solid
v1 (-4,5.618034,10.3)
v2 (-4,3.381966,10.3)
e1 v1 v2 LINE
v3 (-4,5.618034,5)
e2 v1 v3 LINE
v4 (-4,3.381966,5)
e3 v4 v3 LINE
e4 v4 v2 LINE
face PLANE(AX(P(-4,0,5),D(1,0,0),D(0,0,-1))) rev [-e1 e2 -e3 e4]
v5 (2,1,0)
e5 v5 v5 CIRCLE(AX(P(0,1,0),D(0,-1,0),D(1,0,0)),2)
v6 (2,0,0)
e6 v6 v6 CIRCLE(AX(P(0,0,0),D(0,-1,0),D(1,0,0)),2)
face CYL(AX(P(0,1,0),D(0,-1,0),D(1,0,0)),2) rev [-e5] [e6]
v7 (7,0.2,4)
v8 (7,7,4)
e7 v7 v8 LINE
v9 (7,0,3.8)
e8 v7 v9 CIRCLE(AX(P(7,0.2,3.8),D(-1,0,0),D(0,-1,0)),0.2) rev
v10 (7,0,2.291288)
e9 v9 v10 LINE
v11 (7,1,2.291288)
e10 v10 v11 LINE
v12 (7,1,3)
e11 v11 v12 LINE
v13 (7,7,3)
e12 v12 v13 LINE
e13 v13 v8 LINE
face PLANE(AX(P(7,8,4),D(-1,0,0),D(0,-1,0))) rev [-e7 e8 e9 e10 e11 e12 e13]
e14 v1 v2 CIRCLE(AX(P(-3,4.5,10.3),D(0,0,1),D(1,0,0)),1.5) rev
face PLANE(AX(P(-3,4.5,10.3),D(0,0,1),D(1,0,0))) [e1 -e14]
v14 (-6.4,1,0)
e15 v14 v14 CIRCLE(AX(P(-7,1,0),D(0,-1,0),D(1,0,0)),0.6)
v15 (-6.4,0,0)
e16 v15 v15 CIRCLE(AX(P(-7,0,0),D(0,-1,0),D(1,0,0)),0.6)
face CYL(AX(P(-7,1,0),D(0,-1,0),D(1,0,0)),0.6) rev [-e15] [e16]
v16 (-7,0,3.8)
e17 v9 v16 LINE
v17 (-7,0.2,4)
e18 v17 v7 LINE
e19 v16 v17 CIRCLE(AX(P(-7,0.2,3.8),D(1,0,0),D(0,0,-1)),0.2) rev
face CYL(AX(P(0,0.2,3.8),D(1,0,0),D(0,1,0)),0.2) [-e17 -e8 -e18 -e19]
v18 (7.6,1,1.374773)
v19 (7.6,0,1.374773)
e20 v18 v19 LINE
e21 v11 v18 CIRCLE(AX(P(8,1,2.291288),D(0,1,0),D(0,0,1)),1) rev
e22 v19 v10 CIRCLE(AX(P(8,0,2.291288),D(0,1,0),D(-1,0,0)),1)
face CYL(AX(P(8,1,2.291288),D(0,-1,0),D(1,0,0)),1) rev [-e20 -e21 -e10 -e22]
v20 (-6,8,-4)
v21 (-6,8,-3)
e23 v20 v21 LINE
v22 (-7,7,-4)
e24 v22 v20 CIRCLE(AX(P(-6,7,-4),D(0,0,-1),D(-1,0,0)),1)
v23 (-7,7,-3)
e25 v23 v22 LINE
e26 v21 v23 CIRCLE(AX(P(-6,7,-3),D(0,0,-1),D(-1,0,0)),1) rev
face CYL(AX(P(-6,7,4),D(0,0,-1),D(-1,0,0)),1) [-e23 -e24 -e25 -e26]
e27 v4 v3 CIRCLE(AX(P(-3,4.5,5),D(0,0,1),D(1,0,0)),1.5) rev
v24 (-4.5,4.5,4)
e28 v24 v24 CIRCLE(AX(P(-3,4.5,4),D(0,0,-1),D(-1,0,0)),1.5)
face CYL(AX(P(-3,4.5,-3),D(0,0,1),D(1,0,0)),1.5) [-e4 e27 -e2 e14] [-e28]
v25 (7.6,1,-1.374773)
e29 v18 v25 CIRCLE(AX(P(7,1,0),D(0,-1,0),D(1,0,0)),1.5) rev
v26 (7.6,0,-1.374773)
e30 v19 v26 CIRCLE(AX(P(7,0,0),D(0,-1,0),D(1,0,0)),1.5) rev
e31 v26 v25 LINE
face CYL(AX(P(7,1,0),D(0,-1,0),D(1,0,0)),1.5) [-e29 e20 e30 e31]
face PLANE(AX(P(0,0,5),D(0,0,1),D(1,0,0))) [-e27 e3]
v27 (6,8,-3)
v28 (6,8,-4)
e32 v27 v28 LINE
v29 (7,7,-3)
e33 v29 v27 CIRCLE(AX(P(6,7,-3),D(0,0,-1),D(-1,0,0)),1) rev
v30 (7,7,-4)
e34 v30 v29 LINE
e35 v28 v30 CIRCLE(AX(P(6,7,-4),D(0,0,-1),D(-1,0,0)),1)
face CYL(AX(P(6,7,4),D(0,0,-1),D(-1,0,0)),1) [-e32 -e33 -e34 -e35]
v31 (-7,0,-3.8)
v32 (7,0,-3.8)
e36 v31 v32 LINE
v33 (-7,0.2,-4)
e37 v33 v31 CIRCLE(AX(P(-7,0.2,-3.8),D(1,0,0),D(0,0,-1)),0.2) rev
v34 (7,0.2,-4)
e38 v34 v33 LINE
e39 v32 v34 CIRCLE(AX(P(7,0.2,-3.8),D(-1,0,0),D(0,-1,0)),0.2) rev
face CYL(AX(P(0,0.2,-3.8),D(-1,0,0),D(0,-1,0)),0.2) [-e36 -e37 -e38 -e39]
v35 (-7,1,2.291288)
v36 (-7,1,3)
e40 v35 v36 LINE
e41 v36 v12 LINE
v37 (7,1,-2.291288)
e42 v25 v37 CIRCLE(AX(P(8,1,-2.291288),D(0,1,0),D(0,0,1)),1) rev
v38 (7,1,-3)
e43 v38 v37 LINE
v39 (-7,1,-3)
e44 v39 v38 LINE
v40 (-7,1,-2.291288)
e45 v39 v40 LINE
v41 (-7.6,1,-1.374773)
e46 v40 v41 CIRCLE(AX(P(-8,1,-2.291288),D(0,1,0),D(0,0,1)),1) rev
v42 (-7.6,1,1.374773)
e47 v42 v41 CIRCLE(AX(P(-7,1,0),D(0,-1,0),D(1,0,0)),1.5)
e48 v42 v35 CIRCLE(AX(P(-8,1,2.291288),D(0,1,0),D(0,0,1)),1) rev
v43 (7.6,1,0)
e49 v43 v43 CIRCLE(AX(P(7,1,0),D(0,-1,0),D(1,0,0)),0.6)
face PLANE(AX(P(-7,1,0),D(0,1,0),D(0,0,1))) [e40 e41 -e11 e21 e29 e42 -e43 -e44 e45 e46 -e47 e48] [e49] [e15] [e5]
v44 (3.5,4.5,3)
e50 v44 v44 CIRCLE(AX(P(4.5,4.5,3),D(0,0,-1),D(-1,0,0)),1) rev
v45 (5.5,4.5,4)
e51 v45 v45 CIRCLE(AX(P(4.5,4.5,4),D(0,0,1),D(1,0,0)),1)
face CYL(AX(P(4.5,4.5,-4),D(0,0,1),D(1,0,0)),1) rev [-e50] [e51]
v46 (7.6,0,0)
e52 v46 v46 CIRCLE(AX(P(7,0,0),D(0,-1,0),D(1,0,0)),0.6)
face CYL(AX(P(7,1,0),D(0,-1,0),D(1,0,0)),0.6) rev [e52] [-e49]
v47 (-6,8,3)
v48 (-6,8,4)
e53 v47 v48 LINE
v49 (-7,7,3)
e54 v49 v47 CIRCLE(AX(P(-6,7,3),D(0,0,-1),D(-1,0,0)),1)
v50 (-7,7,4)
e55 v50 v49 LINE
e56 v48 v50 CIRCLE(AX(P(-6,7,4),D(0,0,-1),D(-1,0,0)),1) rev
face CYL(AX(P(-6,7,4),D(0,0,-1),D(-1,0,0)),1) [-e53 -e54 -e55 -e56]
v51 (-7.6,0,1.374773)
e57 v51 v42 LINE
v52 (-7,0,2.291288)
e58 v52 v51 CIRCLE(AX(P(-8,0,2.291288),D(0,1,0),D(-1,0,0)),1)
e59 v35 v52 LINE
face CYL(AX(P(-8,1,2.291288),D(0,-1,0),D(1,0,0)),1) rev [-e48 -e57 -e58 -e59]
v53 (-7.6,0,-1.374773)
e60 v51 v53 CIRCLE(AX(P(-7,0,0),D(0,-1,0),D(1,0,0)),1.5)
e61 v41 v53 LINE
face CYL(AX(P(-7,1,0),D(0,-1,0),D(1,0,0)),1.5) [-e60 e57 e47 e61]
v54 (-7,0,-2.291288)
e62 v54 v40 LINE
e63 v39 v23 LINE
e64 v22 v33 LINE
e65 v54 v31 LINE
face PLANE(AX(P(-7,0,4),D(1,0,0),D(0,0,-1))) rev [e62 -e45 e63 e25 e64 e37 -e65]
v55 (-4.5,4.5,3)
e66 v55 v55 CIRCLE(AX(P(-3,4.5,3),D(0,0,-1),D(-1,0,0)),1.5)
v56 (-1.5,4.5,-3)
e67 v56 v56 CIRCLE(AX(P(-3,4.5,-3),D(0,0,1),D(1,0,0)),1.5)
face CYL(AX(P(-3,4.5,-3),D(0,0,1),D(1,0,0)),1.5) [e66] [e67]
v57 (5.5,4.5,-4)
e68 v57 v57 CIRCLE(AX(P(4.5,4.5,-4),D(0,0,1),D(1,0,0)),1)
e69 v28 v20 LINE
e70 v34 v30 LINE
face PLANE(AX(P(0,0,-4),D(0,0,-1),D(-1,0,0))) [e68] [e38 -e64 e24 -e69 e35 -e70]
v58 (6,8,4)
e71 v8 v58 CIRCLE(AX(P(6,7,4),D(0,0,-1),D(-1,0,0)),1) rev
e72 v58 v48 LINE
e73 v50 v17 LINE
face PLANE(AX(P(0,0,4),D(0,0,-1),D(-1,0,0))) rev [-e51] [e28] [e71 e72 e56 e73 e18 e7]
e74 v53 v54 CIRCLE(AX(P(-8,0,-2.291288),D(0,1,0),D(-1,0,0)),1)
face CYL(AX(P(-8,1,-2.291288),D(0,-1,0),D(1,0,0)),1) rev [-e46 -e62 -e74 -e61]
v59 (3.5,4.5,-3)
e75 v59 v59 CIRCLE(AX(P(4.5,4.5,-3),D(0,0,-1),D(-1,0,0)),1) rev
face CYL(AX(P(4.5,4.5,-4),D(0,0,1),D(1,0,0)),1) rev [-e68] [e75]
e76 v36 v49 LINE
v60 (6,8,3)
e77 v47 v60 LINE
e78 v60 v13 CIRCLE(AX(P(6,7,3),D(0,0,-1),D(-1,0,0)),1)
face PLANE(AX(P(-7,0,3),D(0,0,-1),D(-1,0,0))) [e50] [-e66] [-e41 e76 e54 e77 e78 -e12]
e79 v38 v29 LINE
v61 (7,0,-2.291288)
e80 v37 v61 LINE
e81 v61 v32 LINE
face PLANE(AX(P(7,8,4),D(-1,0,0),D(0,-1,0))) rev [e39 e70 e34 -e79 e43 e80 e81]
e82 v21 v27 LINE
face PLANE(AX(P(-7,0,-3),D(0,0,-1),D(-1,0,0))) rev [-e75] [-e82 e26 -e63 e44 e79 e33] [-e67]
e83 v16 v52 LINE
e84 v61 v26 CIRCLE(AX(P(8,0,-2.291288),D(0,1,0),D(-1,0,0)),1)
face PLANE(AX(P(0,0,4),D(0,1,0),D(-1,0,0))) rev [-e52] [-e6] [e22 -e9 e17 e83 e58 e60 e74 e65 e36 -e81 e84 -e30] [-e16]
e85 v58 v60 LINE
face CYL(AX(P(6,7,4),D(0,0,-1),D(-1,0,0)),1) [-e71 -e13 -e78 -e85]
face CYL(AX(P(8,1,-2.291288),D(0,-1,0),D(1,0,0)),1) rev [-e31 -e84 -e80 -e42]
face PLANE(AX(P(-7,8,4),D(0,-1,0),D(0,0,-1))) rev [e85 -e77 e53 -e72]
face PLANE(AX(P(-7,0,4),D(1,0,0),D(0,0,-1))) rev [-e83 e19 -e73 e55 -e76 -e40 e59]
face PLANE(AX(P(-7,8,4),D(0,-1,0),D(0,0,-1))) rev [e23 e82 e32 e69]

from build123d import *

# Parameters (mm, degrees)
EXTRUDE1_DEPTH      = 4
EXTRUDE2_DEPTH      = 12.357816692
EXTRUDE2_DEPTH_BACK = 12.357816692
SKETCH2_R           = 1
EXTRUDE3_DEPTH      = 12.357816692
EXTRUDE3_DEPTH_BACK = 12.357816692
SKETCH4_W           = 6
SKETCH4_H           = 8.732029078
FILLET1_R           = 0.2
FILLET2_R           = 1
EXTRUDE4_DEPTH      = 14
EXTRUDE4_DEPTH_BACK = 3
SKETCH3_R           = 1.5
EXTRUDE5_DEPTH      = 9
SKETCH6_R           = 1.5
EXTRUDE6_DEPTH      = 1
SKETCH7_R           = 0.6
EXTRUDE7_DEPTH      = 1
FILLET3_R           = 1
SKETCH8_R           = 2
EXTRUDE8_DEPTH      = 1
EXTRUDE9_START      = 6.3
SKETCH9_R           = 2.172550551
EXTRUDE9_DEPTH      = 10


with BuildPart() as part:
    # Sketch1 → Extrude1 (new, symmetric)
    with BuildSketch(Plane.XY):
        Polygon((0, 0), (-7, 0), (-7, 8), (7, 8), (7, 0), align=None)
    extrude(amount=EXTRUDE1_DEPTH, both=True)

    # Sketch2 → Extrude2 (cut, two sides: drawn at the far end of the back side and taken through both)
    with BuildSketch(Plane.XY.offset(-EXTRUDE2_DEPTH_BACK)):
        with Locations((4.5, 4.5)):
            Circle(SKETCH2_R)
    extrude(amount=EXTRUDE2_DEPTH + EXTRUDE2_DEPTH_BACK, mode=Mode.SUBTRACT)

    # Sketch4 → Extrude3 (cut, two sides: drawn at the far end of the back side and taken through both)
    with BuildSketch(Plane(origin=(0, 0, 0), x_dir=(0, 0, -1), z_dir=(1, 0, 0)).offset(-EXTRUDE3_DEPTH_BACK)):
        with Locations((0, 5.366014539)):
            Rectangle(SKETCH4_W, SKETCH4_H)
    extrude(amount=EXTRUDE3_DEPTH + EXTRUDE3_DEPTH_BACK, mode=Mode.SUBTRACT)

    # Fillet1
    fillet1_edges = [part.edges().sort_by_distance(p)[0] for p in [
        (0, 0, 4),
        (0, 0, -4),
    ]]
    fillet(fillet1_edges, radius=FILLET1_R)

    # Fillet2
    fillet2_edges = [part.edges().sort_by_distance(p)[0] for p in [
        (-7, 8, -3.5),
        (7, 8, -3.5),
        (-7, 8, 3.5),
        (7, 8, 3.5),
    ]]
    fillet(fillet2_edges, radius=FILLET2_R)

    # Sketch3 → Extrude4 (add, two sides: drawn at the far end of the back side and taken through both)
    with BuildSketch(Plane.XY.offset(-EXTRUDE4_DEPTH_BACK)):
        with Locations((-3, 4.5)):
            Circle(SKETCH3_R)
    extrude(amount=EXTRUDE4_DEPTH + EXTRUDE4_DEPTH_BACK)

    # Sketch5 → Extrude5 (cut)
    with BuildSketch(Plane.XY.offset(14)):
        Polygon((-4, 4.5), (-4, 6.060686456), (-4.95644391, 6.060686456), (-4.95644391, 2.5), (-4, 2.5), align=None)
    extrude(amount=-EXTRUDE5_DEPTH, mode=Mode.SUBTRACT)

    # Sketch6 → Extrude6 (add)
    with BuildSketch(Plane.XZ):
        with Locations((-7, 0)):
            Circle(SKETCH6_R)
        with Locations((7, 0)):
            Circle(SKETCH6_R)
    extrude(amount=-EXTRUDE6_DEPTH)

    # Sketch7 → Extrude7 (cut)
    with BuildSketch(Plane.XZ):
        with Locations((-7, 0)):
            Circle(SKETCH7_R)
        with Locations((7, 0)):
            Circle(SKETCH7_R)
    extrude(amount=-EXTRUDE7_DEPTH, mode=Mode.SUBTRACT)

    # Fillet3
    fillet3_edges = [part.edges().sort_by_distance(p)[0] for p in [
        (7, 0.5, -1.5),
        (7, 0.5, 1.5),
        (-7, 0.5, 1.5),
        (-7, 0.5, -1.5),
    ]]
    fillet(fillet3_edges, radius=FILLET3_R)

    # Sketch8 → Extrude8 (cut)
    with BuildSketch(Plane.XZ):
        Circle(SKETCH8_R)
    extrude(amount=-EXTRUDE8_DEPTH, mode=Mode.SUBTRACT)

    # Sketch9 → Extrude9 (cut)
    with BuildSketch(Plane.XY.offset(4).offset(EXTRUDE9_START)):
        with Locations((-3, 4.5)):
            Circle(SKETCH9_R)
    extrude(amount=EXTRUDE9_DEPTH, mode=Mode.SUBTRACT)


solid = part.part
